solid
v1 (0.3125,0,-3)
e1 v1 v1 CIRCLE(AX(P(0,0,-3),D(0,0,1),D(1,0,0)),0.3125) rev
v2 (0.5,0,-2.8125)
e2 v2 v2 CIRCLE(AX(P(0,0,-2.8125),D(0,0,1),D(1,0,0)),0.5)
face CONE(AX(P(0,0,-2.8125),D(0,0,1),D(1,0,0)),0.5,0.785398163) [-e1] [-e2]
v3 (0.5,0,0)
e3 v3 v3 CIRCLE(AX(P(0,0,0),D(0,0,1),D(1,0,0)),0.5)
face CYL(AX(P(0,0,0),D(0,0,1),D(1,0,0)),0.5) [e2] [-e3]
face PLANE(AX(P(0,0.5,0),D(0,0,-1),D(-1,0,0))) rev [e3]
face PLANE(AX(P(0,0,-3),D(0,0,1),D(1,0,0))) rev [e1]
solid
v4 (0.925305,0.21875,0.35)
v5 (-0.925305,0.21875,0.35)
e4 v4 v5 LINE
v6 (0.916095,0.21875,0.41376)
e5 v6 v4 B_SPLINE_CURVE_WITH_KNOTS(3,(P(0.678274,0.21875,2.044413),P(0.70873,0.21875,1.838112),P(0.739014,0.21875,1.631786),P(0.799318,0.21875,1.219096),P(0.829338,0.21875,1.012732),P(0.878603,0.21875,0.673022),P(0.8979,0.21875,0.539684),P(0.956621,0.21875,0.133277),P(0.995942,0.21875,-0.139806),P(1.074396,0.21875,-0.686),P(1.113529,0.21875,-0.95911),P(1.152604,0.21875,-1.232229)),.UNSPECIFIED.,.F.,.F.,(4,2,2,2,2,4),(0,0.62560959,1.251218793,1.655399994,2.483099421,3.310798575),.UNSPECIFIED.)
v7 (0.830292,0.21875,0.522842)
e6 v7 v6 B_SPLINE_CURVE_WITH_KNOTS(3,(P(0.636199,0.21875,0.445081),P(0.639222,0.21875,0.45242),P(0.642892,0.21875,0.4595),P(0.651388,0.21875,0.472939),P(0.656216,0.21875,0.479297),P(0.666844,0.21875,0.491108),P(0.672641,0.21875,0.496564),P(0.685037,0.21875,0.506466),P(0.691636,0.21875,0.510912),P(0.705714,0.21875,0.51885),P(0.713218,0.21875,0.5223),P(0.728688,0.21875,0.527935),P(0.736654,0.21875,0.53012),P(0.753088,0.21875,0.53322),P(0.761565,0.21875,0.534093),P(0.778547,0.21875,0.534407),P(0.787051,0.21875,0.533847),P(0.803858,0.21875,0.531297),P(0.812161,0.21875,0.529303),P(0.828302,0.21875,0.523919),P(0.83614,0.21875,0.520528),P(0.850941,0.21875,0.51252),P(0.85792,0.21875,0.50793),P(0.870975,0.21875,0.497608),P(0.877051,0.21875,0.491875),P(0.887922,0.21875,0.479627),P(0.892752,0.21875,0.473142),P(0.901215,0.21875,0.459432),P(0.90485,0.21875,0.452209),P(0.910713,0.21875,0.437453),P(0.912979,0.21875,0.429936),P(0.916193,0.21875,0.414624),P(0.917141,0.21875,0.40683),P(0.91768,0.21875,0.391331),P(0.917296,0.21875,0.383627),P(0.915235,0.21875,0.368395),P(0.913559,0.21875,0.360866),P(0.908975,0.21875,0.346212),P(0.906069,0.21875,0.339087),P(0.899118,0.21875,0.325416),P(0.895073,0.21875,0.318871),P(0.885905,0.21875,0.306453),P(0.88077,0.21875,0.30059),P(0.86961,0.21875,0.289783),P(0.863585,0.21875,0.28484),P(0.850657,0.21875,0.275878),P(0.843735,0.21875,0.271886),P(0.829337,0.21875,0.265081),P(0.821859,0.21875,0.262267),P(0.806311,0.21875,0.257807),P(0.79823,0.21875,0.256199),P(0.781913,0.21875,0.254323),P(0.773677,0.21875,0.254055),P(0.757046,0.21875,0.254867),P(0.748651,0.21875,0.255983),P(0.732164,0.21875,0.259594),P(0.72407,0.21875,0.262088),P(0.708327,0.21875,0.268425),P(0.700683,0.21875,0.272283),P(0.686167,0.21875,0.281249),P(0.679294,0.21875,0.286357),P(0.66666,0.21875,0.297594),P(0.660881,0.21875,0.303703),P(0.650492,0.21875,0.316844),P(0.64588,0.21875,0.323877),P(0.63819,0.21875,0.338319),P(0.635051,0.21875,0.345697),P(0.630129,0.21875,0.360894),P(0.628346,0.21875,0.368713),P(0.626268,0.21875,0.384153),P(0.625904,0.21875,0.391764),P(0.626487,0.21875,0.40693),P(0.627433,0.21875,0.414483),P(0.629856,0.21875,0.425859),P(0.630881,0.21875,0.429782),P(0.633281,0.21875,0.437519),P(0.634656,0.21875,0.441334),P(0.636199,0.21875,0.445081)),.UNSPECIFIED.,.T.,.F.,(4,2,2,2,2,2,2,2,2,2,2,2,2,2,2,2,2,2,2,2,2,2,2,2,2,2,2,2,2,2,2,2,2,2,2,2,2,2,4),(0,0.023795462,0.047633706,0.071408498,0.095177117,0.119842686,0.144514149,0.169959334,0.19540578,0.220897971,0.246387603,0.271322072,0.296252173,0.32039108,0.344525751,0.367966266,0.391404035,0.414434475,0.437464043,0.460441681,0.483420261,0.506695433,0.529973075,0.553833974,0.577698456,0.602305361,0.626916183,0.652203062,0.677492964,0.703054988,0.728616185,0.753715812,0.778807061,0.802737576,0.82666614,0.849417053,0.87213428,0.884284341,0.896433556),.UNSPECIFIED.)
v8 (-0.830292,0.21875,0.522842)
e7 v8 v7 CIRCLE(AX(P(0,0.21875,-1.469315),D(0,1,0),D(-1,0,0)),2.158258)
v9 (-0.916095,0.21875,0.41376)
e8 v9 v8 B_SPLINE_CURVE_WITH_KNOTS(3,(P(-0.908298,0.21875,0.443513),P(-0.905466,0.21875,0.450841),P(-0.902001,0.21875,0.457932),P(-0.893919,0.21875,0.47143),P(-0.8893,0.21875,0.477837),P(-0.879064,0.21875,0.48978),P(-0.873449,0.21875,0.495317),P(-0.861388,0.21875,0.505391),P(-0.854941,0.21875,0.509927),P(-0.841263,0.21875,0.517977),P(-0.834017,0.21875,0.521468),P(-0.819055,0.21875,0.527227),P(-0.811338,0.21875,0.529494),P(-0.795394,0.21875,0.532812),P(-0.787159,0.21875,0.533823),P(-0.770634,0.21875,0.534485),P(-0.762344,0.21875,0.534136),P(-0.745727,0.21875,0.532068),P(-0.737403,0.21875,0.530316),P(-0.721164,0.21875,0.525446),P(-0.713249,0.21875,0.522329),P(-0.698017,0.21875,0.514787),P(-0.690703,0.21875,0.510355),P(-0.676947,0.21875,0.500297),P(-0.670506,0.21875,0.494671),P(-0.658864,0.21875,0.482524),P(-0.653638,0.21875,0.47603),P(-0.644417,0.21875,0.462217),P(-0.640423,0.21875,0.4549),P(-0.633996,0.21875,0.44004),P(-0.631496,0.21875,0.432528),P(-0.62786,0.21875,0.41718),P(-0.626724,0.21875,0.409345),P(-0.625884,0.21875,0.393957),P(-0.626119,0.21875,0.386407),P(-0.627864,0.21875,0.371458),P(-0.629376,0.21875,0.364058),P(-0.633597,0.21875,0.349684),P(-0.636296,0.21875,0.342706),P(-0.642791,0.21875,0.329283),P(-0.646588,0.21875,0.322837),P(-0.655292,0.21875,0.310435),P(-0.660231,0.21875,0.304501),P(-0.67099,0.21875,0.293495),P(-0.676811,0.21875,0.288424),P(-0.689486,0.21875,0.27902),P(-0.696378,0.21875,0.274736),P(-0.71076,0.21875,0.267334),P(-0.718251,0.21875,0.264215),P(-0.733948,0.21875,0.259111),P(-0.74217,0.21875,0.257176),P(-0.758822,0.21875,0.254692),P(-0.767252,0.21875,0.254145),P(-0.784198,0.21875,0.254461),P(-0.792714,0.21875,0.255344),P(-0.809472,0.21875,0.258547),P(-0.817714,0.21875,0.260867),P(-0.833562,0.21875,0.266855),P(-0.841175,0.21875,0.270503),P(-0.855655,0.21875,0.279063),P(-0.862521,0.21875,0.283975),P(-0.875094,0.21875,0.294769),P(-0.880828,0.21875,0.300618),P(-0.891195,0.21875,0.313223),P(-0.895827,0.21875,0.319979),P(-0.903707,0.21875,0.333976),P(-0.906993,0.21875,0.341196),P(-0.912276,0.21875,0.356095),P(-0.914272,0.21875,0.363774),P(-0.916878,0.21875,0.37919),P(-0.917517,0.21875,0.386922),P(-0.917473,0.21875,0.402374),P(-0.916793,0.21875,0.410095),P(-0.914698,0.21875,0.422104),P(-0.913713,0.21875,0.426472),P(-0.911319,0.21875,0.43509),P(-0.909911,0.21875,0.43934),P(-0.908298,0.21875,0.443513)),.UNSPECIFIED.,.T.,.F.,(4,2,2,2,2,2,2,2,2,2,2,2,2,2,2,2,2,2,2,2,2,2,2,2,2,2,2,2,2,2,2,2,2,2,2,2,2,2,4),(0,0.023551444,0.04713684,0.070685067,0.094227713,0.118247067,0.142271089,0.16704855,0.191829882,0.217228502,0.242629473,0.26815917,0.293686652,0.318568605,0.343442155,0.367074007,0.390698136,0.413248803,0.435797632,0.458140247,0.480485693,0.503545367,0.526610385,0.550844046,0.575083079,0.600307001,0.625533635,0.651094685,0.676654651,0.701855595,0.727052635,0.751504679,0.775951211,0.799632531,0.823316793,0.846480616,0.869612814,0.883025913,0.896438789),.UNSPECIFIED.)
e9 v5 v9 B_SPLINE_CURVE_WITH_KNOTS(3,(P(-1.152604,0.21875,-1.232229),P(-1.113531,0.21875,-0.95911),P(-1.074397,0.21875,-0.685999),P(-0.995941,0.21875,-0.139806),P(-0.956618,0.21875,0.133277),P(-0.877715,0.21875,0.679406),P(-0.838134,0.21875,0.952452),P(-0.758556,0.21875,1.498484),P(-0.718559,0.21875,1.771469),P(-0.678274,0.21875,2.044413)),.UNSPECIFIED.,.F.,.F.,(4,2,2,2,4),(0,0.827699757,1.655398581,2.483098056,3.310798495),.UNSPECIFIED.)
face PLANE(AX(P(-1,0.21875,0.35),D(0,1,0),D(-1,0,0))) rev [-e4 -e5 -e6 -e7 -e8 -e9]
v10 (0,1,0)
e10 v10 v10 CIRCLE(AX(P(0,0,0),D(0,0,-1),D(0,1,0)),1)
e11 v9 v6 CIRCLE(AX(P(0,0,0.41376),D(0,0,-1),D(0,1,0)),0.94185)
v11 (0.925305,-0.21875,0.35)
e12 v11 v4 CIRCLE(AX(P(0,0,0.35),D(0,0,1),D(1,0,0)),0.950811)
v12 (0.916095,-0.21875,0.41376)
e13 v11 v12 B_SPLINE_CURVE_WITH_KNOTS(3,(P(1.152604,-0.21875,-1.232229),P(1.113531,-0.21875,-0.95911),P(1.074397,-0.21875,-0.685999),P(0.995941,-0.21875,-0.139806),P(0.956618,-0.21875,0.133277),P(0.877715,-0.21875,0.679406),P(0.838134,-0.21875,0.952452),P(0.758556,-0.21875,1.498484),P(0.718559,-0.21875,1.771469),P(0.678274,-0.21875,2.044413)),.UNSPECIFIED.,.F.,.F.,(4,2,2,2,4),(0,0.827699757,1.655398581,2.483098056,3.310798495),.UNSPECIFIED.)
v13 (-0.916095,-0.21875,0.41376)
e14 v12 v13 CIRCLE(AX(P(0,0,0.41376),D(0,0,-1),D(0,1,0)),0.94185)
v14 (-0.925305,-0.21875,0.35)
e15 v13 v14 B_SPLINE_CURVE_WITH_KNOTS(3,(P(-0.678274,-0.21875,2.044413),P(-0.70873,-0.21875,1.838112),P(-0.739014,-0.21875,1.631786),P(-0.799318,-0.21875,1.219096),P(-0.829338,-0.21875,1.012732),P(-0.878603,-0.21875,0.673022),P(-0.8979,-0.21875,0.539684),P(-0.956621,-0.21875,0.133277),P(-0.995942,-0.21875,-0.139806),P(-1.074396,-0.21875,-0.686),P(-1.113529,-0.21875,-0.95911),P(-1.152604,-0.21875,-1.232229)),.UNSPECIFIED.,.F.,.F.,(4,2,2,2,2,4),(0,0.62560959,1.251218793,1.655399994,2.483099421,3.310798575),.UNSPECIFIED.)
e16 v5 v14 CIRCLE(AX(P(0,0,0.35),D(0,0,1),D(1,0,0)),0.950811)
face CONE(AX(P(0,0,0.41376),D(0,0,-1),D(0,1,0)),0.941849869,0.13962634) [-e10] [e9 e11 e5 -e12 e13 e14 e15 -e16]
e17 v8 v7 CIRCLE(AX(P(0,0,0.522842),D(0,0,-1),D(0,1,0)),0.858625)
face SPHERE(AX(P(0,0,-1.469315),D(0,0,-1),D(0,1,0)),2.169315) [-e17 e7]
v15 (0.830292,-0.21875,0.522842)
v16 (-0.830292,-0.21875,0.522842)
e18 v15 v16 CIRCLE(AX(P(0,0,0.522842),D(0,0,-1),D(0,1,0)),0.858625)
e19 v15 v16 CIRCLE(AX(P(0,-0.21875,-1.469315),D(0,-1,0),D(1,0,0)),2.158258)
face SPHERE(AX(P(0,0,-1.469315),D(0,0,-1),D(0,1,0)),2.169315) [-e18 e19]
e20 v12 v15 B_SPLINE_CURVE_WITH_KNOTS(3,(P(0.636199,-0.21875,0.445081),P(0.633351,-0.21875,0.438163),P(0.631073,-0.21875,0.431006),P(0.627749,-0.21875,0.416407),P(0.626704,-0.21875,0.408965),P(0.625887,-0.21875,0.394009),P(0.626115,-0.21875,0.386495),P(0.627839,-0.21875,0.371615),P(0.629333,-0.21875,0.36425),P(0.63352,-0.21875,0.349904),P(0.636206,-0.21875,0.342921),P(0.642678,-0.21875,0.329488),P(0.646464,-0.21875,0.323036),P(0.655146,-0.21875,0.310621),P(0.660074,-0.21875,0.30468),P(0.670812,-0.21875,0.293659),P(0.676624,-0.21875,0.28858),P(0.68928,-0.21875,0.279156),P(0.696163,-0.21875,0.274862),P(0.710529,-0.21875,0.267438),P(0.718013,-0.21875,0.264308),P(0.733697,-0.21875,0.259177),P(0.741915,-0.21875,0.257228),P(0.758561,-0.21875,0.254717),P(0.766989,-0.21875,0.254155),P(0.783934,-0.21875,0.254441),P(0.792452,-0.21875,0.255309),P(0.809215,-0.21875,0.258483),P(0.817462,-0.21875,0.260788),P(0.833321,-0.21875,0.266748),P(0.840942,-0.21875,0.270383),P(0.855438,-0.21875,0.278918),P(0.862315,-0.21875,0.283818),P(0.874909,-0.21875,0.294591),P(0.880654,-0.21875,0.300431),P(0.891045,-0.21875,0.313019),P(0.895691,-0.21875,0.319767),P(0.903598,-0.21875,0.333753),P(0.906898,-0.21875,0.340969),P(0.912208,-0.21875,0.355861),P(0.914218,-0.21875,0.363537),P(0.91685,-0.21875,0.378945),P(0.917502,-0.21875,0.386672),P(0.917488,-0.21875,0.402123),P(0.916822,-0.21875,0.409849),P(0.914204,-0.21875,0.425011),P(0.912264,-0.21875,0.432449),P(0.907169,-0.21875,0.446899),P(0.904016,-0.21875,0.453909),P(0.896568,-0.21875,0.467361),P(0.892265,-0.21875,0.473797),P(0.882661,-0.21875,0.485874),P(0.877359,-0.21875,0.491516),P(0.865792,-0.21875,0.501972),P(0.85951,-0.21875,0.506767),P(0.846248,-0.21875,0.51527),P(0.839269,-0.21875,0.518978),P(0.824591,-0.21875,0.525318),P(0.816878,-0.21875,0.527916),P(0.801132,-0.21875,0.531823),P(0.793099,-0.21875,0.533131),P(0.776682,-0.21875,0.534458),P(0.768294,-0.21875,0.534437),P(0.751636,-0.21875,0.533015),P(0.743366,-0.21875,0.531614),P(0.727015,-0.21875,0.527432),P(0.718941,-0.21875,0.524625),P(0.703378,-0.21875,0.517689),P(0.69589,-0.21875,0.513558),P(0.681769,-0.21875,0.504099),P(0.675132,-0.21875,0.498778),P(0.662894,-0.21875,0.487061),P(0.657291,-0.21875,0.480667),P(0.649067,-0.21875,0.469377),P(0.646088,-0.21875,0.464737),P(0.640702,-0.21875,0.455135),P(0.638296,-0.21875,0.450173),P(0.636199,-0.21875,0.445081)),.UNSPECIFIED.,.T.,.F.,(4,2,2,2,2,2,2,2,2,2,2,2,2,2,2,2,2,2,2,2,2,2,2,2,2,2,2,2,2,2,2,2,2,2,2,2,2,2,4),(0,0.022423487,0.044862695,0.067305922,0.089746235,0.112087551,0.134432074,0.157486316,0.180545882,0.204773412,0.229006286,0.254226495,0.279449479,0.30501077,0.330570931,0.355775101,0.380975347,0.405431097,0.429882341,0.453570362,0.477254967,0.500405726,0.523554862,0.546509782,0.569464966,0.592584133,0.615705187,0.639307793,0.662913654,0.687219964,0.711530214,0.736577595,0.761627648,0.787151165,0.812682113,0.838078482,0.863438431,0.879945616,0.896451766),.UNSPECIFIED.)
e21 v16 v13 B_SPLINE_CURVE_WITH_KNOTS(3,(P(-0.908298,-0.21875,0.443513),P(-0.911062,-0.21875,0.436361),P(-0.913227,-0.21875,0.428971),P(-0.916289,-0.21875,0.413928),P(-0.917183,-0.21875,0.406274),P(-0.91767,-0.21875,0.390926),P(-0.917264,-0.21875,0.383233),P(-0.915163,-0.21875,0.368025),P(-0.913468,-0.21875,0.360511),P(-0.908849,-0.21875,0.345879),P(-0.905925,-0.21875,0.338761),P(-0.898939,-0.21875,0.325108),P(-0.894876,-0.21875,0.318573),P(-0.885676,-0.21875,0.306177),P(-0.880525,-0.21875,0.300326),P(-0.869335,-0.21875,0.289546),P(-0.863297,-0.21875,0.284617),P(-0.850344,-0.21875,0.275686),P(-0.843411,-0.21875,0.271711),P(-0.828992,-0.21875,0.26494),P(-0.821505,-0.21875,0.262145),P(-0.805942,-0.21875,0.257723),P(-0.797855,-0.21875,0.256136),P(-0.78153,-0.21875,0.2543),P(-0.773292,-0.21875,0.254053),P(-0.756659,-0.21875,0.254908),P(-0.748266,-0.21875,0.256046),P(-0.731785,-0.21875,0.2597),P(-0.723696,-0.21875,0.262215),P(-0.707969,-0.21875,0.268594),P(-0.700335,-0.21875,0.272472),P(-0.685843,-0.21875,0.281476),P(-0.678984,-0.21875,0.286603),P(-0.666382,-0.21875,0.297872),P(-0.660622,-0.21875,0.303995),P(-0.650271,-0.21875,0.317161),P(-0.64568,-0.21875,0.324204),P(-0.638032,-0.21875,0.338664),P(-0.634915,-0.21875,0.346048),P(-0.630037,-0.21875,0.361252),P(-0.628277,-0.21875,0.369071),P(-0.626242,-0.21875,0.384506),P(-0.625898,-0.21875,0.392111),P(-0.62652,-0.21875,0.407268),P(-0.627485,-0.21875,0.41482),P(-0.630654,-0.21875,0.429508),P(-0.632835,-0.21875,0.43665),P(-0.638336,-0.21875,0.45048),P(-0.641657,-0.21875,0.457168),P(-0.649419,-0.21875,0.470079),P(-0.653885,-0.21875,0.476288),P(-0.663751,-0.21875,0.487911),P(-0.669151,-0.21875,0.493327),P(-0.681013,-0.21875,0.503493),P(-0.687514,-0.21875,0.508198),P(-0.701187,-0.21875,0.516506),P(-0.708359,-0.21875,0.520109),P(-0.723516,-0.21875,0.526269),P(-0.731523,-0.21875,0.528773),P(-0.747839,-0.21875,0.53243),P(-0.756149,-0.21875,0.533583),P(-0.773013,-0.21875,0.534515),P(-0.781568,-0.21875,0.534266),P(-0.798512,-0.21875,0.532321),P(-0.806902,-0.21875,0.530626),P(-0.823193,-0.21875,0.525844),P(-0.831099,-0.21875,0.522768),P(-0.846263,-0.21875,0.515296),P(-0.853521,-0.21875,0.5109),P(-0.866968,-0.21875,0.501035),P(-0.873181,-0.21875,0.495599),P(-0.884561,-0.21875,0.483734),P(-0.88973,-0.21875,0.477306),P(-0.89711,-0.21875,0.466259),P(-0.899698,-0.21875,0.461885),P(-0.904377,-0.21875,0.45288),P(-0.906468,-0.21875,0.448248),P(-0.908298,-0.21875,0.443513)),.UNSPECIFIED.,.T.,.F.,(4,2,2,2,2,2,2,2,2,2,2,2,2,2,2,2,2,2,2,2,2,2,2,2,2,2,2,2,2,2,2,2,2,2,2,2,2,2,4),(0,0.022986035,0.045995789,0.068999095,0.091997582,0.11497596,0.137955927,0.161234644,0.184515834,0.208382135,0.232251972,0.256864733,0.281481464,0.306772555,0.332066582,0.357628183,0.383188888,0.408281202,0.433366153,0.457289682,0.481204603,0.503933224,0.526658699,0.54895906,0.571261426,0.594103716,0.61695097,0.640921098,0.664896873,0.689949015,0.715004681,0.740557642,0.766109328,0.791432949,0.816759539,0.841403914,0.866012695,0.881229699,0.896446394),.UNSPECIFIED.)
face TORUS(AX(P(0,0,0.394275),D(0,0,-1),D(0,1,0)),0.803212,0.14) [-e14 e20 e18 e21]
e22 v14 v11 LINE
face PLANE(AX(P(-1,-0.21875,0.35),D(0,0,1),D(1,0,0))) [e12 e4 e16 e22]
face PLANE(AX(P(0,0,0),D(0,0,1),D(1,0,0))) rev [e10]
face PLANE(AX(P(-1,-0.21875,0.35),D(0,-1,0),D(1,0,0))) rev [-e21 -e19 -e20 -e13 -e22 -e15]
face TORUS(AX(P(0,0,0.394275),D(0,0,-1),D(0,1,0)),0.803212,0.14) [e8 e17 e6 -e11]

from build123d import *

# Parameters (mm, degrees)
SKETCH1_R       = 1
EXTRUDE3_DEPTH  = 0.7
SKETCH4_W       = 3
SKETCH4_H       = 0.5
CHAMFER2_SIZE   = 0.1875
SKETCH32_W      = 2
SKETCH32_H      = 0.4375
EXTRUDE16_DEPTH = 0.35


with BuildPart() as part:
    # Sketch1 → Extrude3 (new body)
    with BuildSketch(Plane.XY):
        Circle(SKETCH1_R)
    extrude(amount=EXTRUDE3_DEPTH)

    # Sketch11 → Cut-Revolve3 (revolve, cut)
    with BuildSketch(Plane(origin=(0, 0, 0), x_dir=(0, 0, -1), z_dir=(1, 0, 0))):
        with BuildLine():
            Line((-0.954, 1.04), (0, 1.04))
            Line((0, 1.04), (0, 1))
            Line((0, 1), (-0.413759684, 0.941849869))
            ThreePointArc((-0.413759684, 0.941849869), (-0.479195277, 0.91451653), (-0.522842313, 0.858624987))
            ThreePointArc((-0.522842313, 0.858624987), (-0.655248992, 0.438355368), (-0.7, 0))
            Line((-0.7, 0), (-0.954, 0))
            Line((-0.954, 0), (-0.954, 1.04))
        make_face()
    revolve(axis=Axis((0, 0, 0), (0, 0, 1)), mode=Mode.SUBTRACT)

    # Sketch32 → Extrude16 (cut)
    with BuildSketch(Plane.XY.offset(0.7)):
        Rectangle(SKETCH32_W, SKETCH32_H)
    extrude(amount=-EXTRUDE16_DEPTH, mode=Mode.SUBTRACT)


with BuildPart() as body_2:
    # Sketch4 → Revolve1 (revolve)
    with BuildSketch(Plane(origin=(0, 0, 0), x_dir=(0, 0, -1), z_dir=(1, 0, 0))):
        with Locations((1.5, 0.25)):
            Rectangle(SKETCH4_W, SKETCH4_H)
    revolve(axis=Axis((0, 0, 0), (0, 0, -1)))

    # Chamfer2
    chamfer2_edges = [body_2.edges().sort_by_distance(p)[0] for p in [
        (0, -0.5, -3),
    ]]
    chamfer(chamfer2_edges, length=CHAMFER2_SIZE)


solid = Compound([part.part, body_2.part])
